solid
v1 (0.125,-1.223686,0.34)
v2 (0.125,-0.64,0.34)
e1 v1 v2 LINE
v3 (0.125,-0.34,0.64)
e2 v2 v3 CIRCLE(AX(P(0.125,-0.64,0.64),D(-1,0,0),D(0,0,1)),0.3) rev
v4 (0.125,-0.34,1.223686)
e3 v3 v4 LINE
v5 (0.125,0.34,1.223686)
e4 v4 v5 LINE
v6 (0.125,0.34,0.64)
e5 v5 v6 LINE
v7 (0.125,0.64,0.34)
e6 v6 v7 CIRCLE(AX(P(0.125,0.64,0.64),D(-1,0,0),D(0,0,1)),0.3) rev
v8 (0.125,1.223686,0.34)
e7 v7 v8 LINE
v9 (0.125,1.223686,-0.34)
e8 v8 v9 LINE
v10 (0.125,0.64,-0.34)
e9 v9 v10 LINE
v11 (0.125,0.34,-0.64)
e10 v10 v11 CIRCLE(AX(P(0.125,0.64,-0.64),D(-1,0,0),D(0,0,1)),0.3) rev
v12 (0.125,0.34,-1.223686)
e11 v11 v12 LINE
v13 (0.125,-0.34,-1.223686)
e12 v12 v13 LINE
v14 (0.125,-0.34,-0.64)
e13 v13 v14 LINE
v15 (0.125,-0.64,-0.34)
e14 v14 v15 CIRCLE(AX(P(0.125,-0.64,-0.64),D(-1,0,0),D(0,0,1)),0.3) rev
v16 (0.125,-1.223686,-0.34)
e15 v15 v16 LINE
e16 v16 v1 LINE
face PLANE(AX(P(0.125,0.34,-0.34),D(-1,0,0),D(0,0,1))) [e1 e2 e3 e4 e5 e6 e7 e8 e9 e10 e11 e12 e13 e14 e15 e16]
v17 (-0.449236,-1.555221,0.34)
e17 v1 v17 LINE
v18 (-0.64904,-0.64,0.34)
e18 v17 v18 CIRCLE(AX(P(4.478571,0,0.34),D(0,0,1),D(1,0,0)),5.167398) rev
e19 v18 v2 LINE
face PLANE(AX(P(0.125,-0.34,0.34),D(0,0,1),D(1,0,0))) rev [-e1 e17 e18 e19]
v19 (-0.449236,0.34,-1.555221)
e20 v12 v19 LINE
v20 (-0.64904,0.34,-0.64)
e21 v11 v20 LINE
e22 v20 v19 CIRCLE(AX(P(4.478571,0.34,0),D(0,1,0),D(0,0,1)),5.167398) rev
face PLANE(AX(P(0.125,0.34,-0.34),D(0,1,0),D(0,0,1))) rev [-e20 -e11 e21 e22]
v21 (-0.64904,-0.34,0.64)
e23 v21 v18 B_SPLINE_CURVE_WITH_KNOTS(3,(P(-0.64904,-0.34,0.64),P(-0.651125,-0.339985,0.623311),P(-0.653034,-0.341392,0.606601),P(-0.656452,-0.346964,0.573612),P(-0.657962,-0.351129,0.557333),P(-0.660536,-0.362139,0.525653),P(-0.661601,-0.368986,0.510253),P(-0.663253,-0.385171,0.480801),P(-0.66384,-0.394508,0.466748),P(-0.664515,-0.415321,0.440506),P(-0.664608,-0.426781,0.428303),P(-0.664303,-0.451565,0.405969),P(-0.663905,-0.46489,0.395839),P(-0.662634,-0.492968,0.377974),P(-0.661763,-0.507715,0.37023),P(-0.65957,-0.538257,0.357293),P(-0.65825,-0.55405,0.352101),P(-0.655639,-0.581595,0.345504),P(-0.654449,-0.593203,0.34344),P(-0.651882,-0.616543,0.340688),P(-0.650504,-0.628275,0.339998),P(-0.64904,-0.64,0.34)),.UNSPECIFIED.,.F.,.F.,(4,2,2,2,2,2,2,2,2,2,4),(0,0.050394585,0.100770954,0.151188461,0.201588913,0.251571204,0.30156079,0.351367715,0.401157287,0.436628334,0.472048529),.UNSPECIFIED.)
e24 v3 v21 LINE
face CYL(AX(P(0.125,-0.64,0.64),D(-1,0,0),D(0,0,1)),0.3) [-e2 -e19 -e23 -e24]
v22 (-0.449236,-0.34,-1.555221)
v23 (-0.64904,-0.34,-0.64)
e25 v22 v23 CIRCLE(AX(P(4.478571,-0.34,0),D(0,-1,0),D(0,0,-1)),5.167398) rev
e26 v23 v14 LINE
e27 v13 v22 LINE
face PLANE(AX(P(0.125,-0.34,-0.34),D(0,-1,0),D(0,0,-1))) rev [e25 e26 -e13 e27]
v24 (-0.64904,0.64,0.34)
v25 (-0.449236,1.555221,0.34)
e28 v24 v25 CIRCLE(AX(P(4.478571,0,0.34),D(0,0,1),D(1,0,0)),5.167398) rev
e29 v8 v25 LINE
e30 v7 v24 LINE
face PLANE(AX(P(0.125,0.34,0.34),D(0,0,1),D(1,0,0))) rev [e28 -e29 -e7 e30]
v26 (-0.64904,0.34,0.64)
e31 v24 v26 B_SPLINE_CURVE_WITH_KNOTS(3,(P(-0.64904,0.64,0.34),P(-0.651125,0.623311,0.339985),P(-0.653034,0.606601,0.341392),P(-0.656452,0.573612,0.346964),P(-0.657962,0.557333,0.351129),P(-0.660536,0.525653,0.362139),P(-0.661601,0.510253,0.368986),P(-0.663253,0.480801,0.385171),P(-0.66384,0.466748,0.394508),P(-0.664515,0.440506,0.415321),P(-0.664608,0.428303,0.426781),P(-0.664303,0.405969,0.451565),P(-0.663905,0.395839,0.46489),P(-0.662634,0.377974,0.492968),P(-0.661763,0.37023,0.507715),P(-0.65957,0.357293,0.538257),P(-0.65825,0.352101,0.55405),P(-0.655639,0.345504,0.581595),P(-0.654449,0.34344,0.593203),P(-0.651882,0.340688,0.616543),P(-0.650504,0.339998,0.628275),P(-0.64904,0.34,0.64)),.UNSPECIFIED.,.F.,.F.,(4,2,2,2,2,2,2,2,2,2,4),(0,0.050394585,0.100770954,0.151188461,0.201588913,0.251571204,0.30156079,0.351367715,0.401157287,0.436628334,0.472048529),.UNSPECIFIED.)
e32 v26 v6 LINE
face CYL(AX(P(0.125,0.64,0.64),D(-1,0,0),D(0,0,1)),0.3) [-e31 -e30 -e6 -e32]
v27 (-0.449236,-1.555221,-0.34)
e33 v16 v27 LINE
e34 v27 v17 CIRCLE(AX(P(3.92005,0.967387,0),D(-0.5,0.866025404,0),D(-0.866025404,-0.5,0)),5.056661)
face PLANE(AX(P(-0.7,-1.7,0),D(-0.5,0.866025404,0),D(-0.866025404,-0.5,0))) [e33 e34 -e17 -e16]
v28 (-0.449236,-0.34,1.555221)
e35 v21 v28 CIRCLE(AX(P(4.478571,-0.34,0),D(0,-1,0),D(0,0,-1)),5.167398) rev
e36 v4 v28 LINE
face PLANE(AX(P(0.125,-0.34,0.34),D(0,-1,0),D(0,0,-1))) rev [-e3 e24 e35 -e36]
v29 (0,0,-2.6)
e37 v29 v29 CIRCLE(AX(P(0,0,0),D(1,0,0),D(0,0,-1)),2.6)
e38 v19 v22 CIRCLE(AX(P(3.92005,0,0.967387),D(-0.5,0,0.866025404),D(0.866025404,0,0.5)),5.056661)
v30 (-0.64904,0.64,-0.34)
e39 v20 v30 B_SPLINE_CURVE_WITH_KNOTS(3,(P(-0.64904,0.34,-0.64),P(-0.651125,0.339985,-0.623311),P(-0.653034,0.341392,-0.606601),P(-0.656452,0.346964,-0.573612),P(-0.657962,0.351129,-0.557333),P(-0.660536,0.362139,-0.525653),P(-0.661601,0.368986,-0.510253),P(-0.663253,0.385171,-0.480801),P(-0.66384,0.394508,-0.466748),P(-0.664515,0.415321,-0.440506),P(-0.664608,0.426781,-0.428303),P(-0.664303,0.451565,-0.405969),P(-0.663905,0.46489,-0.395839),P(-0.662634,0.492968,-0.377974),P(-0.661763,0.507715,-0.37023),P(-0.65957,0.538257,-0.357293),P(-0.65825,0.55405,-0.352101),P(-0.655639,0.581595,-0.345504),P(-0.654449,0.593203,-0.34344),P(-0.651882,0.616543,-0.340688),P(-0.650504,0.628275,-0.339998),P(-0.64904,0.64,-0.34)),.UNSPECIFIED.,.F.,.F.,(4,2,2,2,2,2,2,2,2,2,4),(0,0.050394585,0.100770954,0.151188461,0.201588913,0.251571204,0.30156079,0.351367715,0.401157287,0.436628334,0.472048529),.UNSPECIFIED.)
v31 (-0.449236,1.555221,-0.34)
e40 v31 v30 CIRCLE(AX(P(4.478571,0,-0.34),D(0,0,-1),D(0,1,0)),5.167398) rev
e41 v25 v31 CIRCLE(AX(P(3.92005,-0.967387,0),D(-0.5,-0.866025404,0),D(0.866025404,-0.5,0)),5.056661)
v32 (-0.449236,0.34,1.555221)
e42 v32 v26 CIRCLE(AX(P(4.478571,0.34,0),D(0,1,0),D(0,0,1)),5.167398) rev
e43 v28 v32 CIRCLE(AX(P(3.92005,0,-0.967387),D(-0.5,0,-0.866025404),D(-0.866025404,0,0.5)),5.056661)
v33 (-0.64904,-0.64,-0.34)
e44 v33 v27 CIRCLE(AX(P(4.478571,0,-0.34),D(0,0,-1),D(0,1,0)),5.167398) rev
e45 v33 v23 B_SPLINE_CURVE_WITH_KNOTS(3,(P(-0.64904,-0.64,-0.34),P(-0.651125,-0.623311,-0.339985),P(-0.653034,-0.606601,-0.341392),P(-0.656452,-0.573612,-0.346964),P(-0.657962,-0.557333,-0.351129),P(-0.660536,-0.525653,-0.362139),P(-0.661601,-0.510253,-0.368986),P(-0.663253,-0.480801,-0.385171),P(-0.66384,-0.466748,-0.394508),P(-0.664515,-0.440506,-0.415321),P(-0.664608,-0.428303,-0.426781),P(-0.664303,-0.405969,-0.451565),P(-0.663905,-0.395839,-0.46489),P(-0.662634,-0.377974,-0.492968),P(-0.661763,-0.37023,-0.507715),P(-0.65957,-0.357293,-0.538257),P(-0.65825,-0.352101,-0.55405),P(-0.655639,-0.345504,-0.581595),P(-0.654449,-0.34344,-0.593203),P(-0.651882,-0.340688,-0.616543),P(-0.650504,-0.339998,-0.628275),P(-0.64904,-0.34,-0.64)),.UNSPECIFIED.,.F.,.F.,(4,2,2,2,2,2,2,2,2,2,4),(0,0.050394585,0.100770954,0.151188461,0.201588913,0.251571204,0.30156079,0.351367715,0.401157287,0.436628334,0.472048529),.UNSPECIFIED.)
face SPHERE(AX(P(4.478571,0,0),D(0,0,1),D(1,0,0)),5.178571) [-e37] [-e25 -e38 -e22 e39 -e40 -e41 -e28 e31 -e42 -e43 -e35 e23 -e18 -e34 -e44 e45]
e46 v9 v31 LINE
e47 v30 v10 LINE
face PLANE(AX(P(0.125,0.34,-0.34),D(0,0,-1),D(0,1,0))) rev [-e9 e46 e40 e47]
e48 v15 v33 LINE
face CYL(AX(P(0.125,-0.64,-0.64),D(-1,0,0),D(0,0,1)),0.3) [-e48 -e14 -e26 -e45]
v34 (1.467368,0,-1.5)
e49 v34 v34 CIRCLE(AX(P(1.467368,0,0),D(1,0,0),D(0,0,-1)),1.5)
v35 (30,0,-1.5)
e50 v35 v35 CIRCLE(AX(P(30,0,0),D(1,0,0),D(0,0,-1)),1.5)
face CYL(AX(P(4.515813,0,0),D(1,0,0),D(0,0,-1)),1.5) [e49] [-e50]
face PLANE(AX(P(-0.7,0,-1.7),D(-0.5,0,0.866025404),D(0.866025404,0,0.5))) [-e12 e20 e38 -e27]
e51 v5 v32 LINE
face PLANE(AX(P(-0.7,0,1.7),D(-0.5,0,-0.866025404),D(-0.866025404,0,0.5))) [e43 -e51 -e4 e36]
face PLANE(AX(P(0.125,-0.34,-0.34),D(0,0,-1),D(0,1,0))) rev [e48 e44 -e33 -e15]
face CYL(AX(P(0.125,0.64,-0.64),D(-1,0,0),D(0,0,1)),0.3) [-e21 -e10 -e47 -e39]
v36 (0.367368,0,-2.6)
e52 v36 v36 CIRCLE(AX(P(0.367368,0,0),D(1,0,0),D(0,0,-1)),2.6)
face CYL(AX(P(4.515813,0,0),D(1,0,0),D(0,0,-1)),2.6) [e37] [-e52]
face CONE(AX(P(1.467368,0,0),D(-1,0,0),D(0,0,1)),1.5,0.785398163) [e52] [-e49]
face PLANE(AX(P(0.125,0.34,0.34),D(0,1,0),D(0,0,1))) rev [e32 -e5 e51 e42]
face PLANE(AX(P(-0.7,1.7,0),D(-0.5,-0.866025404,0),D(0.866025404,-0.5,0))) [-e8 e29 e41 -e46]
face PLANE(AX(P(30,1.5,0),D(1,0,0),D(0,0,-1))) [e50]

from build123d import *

# Parameters (mm, degrees)
BASETOP_FACE_RADIUS = 2.6
BASETOP_HEIGHT      = 0.7
CROSSRECESS_DEPTH   = 0.825
DRAFT9_ANGLE        = -30
FILLET5_R           = 0.3


with BuildPart() as part:
    # Sketch1 → Base (revolve)
    with BuildSketch(Plane.XY):
        Polygon((30, 1.5), (2.737867966, 1.5), (1.467367966, 1.5), (0.367367966, 2.6), (0, 2.6), (0, 0), (30, 0), align=None)
    revolve(axis=Axis((4.515812911, 0, 0), (-1, 0, 0)))

    # BaseTop: a dome of height H over a round flat face of radius A is a cap of a sphere of radius (A * A + H * H) / (2 * H)
    basetop_r = (BASETOP_FACE_RADIUS * BASETOP_FACE_RADIUS + BASETOP_HEIGHT * BASETOP_HEIGHT) / (2 * BASETOP_HEIGHT)
    basetop_base = Plane((0, 0, 0), z_dir=(-1, 0, 0))
    with Locations(basetop_base.offset(BASETOP_HEIGHT - basetop_r)):
        basetop_ball = Sphere(basetop_r, mode=Mode.PRIVATE)
    add(split(basetop_ball, bisect_by=basetop_base, keep=Keep.TOP, mode=Mode.PRIVATE))

    # Sketch6 → CrossRecess (cut)
    with BuildSketch(Plane.ZY.offset(0.7)):
        Polygon((0.34, 0.34), (0.34, 1.7), (-0.34, 1.7), (-0.34, 0.34), (-1.7, 0.34), (-1.7, -0.34), (-0.34, -0.34), (-0.34, -1.7), (0.34, -1.7), (0.34, -0.34), (1.7, -0.34), (1.7, 0.34), align=None)
    extrude(amount=-CROSSRECESS_DEPTH, mode=Mode.SUBTRACT)

    # Draft9
    draft9_faces = [part.faces().sort_by_distance(p)[0] for p in [
        (-0.14204754, 0, -1.7),
        (-0.14204754, -1.7, 0),
        (-0.14204754, 0, 1.7),
        (-0.14204754, 1.7, 0),
    ]]
    draft(draft9_faces, Plane(origin=(-0.7, 0, 0), x_dir=(0, 0, 1), z_dir=(1, 0, 0)), DRAFT9_ANGLE)

    # Fillet5
    fillet5_edges = [part.edges().sort_by_distance(p)[0] for p in [
        (-0.27631446, 0.34, -0.34),
        (-0.27631446, 0.34, 0.34),
        (-0.27631446, -0.34, 0.34),
        (-0.27631446, -0.34, -0.34),
    ]]
    fillet(fillet5_edges, radius=FILLET5_R)


solid = part.part
